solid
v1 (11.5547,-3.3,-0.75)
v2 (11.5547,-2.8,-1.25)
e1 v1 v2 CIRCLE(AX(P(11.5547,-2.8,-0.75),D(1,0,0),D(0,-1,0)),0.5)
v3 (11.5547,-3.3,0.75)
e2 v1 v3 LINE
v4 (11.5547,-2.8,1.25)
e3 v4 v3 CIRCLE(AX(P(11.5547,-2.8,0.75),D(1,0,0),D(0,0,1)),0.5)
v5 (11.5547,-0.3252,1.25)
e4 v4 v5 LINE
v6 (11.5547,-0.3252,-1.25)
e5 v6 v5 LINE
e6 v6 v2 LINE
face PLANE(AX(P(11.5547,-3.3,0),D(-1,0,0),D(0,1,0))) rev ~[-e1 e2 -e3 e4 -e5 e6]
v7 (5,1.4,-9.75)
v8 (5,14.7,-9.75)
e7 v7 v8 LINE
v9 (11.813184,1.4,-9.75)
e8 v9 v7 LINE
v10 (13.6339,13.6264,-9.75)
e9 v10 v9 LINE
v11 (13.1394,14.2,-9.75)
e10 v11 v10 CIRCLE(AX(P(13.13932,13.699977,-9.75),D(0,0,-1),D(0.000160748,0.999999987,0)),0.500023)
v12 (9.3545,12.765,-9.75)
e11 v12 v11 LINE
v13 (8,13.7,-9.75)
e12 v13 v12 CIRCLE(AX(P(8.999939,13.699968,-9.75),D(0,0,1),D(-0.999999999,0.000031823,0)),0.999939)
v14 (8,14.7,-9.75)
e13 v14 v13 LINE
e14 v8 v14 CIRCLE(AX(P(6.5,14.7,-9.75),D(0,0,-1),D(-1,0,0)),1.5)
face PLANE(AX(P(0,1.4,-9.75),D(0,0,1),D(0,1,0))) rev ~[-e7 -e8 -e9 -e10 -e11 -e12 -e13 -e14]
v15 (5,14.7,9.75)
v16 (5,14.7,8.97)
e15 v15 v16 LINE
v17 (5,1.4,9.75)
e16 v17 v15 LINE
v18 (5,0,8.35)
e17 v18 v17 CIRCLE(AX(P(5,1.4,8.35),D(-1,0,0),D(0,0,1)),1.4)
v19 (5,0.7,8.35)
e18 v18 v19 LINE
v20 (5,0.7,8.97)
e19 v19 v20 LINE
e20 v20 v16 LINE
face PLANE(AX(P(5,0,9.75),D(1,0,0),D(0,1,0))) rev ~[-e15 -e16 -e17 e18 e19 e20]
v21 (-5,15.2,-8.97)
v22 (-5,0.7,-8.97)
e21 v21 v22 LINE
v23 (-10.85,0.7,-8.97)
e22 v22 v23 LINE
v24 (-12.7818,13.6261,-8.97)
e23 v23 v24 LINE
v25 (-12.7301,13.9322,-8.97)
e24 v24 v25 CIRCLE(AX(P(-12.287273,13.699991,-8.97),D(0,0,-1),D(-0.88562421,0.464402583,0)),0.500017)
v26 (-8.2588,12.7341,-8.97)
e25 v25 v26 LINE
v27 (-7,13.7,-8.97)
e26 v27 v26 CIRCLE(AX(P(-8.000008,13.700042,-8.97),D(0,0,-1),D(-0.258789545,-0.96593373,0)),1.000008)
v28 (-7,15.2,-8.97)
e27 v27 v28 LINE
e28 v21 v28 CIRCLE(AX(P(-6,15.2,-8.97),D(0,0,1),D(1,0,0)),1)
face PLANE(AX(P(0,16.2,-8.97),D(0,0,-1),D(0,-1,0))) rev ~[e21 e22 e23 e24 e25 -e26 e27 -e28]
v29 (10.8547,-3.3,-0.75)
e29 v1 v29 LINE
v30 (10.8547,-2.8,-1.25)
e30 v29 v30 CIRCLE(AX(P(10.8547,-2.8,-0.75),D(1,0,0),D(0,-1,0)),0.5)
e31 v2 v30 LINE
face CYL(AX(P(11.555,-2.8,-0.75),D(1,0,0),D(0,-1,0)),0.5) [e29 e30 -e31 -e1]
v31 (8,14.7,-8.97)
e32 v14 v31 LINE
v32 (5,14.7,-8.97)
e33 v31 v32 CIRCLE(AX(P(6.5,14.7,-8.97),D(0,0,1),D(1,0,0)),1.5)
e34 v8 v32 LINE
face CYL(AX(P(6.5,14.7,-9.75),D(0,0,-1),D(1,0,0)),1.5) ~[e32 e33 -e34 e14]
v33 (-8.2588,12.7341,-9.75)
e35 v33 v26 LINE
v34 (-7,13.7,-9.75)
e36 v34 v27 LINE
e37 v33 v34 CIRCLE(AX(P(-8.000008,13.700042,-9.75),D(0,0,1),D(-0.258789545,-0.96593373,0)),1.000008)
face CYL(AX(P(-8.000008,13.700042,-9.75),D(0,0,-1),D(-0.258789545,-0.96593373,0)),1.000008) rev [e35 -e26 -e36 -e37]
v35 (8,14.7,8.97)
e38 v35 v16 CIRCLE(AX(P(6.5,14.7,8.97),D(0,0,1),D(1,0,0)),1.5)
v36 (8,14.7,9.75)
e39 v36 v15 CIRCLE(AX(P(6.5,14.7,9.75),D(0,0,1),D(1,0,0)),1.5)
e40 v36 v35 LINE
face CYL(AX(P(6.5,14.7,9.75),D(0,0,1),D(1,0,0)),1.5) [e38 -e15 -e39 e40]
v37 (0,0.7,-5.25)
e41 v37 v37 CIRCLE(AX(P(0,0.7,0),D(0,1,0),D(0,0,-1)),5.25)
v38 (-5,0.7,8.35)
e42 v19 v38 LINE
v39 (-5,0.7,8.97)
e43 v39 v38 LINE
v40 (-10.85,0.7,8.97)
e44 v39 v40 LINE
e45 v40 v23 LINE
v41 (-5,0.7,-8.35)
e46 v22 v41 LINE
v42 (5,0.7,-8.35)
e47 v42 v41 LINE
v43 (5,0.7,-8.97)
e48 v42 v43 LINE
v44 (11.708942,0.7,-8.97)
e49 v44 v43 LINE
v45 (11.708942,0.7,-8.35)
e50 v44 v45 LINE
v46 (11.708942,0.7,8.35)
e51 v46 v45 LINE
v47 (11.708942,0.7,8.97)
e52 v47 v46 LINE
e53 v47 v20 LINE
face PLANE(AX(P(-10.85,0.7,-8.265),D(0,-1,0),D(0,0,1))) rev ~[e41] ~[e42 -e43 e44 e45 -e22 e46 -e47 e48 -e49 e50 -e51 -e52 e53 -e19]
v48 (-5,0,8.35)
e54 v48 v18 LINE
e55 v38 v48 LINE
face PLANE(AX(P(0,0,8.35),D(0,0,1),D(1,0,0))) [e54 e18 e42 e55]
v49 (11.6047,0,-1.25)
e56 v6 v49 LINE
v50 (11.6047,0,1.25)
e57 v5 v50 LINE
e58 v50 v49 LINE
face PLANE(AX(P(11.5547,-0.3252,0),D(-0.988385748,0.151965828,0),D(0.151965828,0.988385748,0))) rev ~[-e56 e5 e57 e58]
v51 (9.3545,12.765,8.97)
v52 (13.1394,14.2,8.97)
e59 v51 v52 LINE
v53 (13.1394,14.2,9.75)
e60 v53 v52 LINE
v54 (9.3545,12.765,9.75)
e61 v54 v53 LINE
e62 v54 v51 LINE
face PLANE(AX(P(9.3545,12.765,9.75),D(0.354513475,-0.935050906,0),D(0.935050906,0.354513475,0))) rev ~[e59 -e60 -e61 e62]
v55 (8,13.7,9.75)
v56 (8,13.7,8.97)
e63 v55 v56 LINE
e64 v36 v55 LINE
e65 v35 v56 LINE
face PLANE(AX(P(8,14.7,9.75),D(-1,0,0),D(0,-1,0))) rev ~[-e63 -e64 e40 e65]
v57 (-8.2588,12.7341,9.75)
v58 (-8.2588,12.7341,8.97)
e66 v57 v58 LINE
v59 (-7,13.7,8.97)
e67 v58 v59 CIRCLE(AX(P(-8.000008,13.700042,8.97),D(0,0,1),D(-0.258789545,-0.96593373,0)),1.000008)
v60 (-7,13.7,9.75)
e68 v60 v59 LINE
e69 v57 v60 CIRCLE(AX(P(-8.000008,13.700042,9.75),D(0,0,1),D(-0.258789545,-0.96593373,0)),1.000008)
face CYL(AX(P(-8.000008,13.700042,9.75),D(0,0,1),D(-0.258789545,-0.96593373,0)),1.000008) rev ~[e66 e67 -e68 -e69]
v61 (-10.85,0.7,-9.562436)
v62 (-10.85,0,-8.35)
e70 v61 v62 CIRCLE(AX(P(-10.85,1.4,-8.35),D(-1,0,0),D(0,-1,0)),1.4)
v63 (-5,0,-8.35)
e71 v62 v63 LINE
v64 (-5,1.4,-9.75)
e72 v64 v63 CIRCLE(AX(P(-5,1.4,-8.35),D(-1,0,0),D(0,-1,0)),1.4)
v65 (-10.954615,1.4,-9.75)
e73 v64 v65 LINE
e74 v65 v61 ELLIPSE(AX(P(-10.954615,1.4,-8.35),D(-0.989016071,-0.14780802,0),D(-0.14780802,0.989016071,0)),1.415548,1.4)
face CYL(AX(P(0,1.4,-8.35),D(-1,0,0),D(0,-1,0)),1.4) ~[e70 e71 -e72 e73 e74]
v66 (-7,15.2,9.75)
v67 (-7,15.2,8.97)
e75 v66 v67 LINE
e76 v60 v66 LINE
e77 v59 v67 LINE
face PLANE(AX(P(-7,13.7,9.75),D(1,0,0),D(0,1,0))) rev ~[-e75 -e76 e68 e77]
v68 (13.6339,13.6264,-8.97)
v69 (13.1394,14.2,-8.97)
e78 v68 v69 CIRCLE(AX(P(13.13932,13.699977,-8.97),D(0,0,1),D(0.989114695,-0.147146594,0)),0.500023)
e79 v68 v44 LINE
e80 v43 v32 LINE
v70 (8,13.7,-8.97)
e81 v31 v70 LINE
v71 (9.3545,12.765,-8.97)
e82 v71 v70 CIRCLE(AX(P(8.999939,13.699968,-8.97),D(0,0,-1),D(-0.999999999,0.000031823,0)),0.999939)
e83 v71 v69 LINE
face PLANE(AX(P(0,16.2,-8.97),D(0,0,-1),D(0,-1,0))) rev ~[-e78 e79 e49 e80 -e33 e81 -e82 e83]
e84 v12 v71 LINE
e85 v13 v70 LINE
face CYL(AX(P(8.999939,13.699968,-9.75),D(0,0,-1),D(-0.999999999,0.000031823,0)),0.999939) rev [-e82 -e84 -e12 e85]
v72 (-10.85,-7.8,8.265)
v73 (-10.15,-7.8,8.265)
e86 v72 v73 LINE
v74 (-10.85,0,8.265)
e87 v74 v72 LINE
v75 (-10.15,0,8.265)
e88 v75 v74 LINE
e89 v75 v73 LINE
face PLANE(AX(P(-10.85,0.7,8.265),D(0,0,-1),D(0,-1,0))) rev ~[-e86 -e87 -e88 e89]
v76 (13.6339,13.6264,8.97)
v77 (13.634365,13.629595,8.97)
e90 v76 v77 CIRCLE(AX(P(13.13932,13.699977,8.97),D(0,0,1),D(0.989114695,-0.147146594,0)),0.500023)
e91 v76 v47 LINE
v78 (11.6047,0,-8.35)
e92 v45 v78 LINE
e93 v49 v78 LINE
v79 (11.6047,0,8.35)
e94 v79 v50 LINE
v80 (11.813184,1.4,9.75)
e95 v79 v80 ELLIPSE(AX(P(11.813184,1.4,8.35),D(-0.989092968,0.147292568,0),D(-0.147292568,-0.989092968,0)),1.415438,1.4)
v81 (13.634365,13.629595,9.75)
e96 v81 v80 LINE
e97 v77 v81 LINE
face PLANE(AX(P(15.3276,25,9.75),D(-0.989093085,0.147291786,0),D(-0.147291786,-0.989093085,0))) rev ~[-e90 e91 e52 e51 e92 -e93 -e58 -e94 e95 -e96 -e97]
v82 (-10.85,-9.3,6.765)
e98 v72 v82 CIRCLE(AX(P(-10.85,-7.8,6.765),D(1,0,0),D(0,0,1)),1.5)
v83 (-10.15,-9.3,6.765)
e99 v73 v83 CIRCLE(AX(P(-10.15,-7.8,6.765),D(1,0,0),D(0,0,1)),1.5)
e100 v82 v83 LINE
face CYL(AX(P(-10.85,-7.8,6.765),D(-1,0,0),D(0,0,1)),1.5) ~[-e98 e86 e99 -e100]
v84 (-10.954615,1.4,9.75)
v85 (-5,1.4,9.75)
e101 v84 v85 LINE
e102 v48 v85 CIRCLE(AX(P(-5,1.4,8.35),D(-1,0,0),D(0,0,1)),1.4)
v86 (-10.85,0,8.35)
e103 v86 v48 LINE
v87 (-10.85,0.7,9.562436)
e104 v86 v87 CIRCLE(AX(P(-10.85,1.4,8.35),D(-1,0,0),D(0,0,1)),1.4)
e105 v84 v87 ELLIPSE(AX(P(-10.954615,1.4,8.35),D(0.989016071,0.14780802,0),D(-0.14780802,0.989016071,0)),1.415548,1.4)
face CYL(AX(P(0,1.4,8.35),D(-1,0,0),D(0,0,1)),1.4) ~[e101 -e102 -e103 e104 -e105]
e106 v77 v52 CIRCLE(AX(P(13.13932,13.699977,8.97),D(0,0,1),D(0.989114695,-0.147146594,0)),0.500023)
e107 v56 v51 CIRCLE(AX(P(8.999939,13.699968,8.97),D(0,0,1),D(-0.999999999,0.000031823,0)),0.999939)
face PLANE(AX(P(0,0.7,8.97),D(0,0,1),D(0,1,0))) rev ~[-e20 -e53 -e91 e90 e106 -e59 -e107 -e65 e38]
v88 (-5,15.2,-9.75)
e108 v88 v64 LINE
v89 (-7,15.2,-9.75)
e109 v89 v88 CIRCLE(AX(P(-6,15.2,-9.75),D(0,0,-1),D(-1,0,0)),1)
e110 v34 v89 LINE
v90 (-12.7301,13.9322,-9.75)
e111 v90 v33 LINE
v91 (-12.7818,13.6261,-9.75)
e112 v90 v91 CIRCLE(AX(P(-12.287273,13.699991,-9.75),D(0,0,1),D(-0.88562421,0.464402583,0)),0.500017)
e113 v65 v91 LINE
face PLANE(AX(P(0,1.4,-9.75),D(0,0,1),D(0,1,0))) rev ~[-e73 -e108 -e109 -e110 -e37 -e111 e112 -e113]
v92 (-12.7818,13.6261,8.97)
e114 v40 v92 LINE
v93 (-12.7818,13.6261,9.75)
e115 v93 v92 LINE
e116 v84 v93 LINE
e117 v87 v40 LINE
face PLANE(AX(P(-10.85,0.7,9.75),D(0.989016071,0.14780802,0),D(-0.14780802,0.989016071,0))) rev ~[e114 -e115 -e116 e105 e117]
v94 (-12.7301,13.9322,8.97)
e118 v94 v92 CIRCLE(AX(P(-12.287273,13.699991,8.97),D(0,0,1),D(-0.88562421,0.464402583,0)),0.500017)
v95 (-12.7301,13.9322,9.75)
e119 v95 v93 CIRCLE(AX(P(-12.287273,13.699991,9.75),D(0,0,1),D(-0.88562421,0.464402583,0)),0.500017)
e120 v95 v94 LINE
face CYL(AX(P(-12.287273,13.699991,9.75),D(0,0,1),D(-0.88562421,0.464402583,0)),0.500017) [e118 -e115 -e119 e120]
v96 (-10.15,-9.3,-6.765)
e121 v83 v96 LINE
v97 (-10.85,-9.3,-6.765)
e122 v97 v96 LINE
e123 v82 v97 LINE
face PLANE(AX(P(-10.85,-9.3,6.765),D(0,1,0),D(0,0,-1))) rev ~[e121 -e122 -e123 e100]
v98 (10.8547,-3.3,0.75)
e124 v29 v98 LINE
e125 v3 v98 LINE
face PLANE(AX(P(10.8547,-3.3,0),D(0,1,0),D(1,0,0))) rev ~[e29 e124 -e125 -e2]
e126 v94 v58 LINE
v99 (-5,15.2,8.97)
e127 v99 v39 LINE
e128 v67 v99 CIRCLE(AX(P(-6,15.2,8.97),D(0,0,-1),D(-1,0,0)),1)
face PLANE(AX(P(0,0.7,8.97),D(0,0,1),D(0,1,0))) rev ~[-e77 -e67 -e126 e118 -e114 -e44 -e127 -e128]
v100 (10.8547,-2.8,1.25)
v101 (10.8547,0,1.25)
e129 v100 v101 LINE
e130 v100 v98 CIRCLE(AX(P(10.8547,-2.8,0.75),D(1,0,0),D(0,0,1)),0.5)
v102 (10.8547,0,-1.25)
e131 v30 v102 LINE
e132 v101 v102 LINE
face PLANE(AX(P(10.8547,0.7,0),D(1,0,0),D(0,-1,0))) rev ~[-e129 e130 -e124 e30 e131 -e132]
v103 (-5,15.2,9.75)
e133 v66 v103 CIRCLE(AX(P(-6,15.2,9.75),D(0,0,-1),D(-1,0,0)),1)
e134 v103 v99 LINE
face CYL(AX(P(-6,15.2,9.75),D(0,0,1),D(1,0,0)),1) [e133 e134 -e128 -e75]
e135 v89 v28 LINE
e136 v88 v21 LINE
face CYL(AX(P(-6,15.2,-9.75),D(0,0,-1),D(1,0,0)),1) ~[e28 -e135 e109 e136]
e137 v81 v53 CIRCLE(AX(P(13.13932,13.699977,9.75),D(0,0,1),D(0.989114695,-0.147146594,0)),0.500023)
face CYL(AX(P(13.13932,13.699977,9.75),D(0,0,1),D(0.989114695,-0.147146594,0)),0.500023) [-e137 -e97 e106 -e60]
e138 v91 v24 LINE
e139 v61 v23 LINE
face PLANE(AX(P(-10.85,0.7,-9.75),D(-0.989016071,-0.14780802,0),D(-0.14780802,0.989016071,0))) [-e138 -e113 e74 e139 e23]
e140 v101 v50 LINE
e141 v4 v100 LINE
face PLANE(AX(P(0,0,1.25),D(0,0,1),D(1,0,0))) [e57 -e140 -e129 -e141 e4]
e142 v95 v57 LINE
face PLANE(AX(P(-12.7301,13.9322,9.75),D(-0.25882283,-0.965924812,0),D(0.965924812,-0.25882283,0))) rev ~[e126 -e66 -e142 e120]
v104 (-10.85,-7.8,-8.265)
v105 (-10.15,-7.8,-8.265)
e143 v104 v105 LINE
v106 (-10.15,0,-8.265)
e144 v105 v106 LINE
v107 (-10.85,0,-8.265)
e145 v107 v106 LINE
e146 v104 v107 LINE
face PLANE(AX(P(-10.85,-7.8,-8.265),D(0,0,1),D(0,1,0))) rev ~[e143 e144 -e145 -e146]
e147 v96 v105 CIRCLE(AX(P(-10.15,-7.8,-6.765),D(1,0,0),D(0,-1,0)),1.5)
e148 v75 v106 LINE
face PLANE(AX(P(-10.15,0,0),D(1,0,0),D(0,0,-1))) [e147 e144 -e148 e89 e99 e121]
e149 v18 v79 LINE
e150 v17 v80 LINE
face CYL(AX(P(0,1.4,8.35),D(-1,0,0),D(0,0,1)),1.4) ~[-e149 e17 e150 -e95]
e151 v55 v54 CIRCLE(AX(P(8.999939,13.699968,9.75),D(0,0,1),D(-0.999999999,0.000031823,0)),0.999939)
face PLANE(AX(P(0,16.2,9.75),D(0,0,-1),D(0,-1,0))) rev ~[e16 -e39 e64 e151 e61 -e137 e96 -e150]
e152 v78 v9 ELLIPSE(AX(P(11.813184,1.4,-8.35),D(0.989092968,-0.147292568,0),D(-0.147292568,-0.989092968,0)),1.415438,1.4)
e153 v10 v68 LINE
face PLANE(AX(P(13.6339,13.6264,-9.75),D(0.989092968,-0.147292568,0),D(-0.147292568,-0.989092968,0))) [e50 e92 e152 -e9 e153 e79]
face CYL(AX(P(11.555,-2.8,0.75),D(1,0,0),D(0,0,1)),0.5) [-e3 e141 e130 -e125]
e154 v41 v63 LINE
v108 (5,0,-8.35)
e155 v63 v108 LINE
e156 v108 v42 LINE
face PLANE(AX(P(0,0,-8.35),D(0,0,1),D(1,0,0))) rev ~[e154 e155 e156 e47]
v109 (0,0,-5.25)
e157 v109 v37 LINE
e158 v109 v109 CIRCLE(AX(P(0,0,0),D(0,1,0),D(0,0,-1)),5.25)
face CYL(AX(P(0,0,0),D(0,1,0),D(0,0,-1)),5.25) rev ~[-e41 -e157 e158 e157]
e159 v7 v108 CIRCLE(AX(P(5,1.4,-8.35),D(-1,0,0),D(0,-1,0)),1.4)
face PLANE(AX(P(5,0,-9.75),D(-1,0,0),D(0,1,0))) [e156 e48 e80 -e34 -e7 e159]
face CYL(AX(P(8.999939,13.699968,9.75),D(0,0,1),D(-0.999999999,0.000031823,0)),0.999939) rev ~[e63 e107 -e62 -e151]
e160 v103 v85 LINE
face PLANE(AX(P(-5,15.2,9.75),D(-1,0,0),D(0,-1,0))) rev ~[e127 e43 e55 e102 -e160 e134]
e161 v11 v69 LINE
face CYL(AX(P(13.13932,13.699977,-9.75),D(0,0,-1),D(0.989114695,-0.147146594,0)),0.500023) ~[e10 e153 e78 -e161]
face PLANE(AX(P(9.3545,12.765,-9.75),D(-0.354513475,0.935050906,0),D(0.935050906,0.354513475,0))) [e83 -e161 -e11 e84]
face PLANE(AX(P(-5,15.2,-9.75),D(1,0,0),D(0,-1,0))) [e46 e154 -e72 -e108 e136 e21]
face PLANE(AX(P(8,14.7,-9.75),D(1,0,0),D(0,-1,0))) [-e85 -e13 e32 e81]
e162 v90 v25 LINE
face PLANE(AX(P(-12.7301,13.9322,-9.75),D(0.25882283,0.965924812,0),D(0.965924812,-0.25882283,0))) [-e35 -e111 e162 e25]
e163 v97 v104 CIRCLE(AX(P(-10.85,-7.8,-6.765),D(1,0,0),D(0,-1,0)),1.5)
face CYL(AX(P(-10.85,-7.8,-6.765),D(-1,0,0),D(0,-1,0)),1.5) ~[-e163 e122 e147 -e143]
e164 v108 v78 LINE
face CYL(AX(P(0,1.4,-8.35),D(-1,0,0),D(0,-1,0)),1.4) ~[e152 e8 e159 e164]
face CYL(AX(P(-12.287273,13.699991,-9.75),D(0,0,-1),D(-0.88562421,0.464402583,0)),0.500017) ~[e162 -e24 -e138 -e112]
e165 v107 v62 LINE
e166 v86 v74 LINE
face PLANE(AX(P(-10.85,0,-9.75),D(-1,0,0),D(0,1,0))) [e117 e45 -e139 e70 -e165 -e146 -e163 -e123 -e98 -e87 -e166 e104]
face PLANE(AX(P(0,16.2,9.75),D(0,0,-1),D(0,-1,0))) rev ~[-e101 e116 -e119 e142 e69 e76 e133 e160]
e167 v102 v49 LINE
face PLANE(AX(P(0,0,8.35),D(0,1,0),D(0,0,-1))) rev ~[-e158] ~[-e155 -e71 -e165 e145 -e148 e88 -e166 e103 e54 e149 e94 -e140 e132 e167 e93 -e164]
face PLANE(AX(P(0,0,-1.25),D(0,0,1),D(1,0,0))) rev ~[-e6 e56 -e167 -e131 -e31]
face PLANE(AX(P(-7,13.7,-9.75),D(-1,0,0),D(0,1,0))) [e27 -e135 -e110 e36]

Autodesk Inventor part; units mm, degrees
sketch "Sketch_1" plane through (0, 0, 0) normal (1, 0, 0) x (0, 1, 0)
  arc A0 (1.4, 9.75) -> (0, 8.35) centre (1.4, 8.35) ccw
  line L0 (0, 8.35) -> (0, -8.35)
  arc A1 (0, -8.35) -> (1.4, -9.75) centre (1.4, -8.35) ccw
  line L1 (1.4, -9.75) -> (16.2, -9.75)
  line L2 (16.2, -9.75) -> (16.2, -8.97)
  line L3 (16.2, -8.97) -> (0.7, -8.97)
  line L4 (0.7, -8.97) -> (0.7, 8.97)
  line L5 (0.7, 8.97) -> (16.2, 8.97)
  line L6 (16.2, 8.97) -> (16.2, 9.75)
  line L7 (16.2, 9.75) -> (1.4, 9.75)
extrude "Extrusion1" add sketch "Sketch_1" along normal mid plane 29.8667
sketch "Sketch_3" plane through (0, 0, 9.75) normal (0, 0, 1) x (1, 0, 0)
  line L0 (-22, 25) -> (-22, 0)
  line L1 (-22, 0) -> (-10.85, 0)
  line L2 (-10.85, 0) -> (-10.85, 0.7)
  line L3 (-10.85, 0.7) -> (-12.7818, 13.6261)
  arc A0 (-12.7301, 13.9322) -> (-12.7818, 13.6261) centre (-12.2873, 13.7) ccw
  line L4 (-12.7301, 13.9322) -> (-8.2588, 12.7341)
  arc A1 (-8.2588, 12.7341) -> (-7, 13.7) centre (-8, 13.7) ccw
  line L5 (-7, 13.7) -> (-7, 15.2)
  arc A2 (-5, 15.2) -> (-7, 15.2) centre (-6, 15.2) ccw
  line L6 (-5, 15.2) -> (-5, 0)
  line L7 (-5, 0) -> (5, 0)
  line L8 (5, 0) -> (5, 14.7)
  arc A3 (8, 14.7) -> (5, 14.7) centre (6.5, 14.7) ccw
  line L9 (8, 14.7) -> (8, 13.7)
  arc A4 (8, 13.7) -> (9.3545, 12.765) centre (9, 13.7) ccw
  line L10 (9.3545, 12.765) -> (13.1394, 14.2)
  arc A5 (13.6339, 13.6264) -> (13.1394, 14.2) centre (13.1394, 13.7) ccw
  line L11 (13.6339, 13.6264) -> (11.6047, 0)
  line L12 (11.6047, 0) -> (22, 0)
  line L13 (22, 0) -> (22, 25)
  line L14 (22, 25) -> (-22, 25)
extrude "Extrusion2" cut sketch "Sketch_3" against normal blind 1.4
sketch "Sketch_2" plane through (0, 0, -9.75) normal (0, 0, 1) x (1, 0, 0)
  line L0 (-22, 25) -> (-22, 0)
  line L1 (-22, 0) -> (-10.85, 0)
  line L2 (-10.85, 0) -> (-10.85, 0.7)
  line L3 (-10.85, 0.7) -> (-12.7818, 13.6261)
  arc A0 (-12.7301, 13.9322) -> (-12.7818, 13.6261) centre (-12.2873, 13.7) ccw
  line L4 (-12.7301, 13.9322) -> (-8.2588, 12.7341)
  arc A1 (-8.2588, 12.7341) -> (-7, 13.7) centre (-8, 13.7) ccw
  line L5 (-7, 13.7) -> (-7, 15.2)
  arc A2 (-5, 15.2) -> (-7, 15.2) centre (-6, 15.2) ccw
  line L6 (-5, 15.2) -> (-5, 0)
  line L7 (-5, 0) -> (5, 0)
  line L8 (5, 0) -> (5, 14.7)
  arc A3 (8, 14.7) -> (5, 14.7) centre (6.5, 14.7) ccw
  line L9 (8, 14.7) -> (8, 13.7)
  arc A4 (8, 13.7) -> (9.3545, 12.765) centre (9, 13.7) ccw
  line L10 (9.3545, 12.765) -> (13.1394, 14.2)
  arc A5 (13.6339, 13.6264) -> (13.1394, 14.2) centre (13.1394, 13.7) ccw
  line L11 (13.6339, 13.6264) -> (11.6047, 0)
  line L12 (11.6047, 0) -> (22, 0)
  line L13 (22, 0) -> (22, 25)
  line L14 (22, 25) -> (-22, 25)
extrude "Extrusion3" cut sketch "Sketch_2" along normal blind 1.4
sketch "Sketch4" plane through (-5, 0, 8.35) normal (0, -1, 0) x (1, 0, 0)
  point P0 (5, -8.35)
hole "Hole1" at (0, 0, 0) direction (0, 1, 0) diameter 10.5 depth 1
sketch "Sketch_5" plane through (0, 0, 0) normal (0, 0, 1) x (1, 0, 0)
  line L0 (-15.85, 1) -> (-15.85, -1)
  line L1 (-15.85, -1) -> (15.62, -1)
  line L2 (15.62, -1) -> (15.62, 1)
  line L3 (15.62, 1) -> (12.12, 1)
  line L4 (12.12, 1) -> (12.12, 0)
  line L5 (12.12, 0) -> (-10.85, 0)
  line L6 (-10.85, 0) -> (-10.85, 1)
  line L7 (-10.85, 1) -> (-15.85, 1)
extrude "Extrusion4" cut sketch "Sketch_5" along normal mid plane 16.7
sketch "Sketch_9" plane through (0, 0, 9.75) normal (0, 0, 1) x (1, 0, 0)
  line L0 (11.6047, 0) -> (22, 0)
  line L1 (22, 0) -> (22, 25)
  line L2 (22, 25) -> (15.3276, 25)
  line L3 (15.3276, 25) -> (11.6047, 0)
extrude "Extrusion5" cut sketch "Sketch_9" against normal blind 19.5
sketch "Sketch_6" plane through (-10.85, 0, 0) normal (1, 0, 0) x (0, 0, -1)
  arc A0 (-8.265, -7.8) -> (-6.765, -9.3) centre (-6.765, -7.8) ccw
  line L0 (-6.765, -9.3) -> (6.765, -9.3)
  arc A1 (6.765, -9.3) -> (8.265, -7.8) centre (6.765, -7.8) ccw
  line L1 (8.265, -7.8) -> (8.265, 0.7)
  line L2 (8.265, 0.7) -> (-8.265, 0.7)
  line L3 (-8.265, 0.7) -> (-8.265, -7.8)
extrude "Extrusion6" add sketch "Sketch_6" along normal blind 0.7
sketch "Sketch_7" plane through (0, 0, 0) normal (0, 0, 1) x (1, 0, 0)
  line L0 (10.8547, -3.3) -> (11.5547, -3.3)
  line L1 (11.5547, -3.3) -> (11.5547, -0.3252)
  line L2 (11.5547, -0.3252) -> (11.6047, 0)
  line L3 (11.6047, 0) -> (11.6047, 0.7)
  line L4 (11.6047, 0.7) -> (10.8547, 0.7)
  line L5 (10.8547, 0.7) -> (10.8547, -3.3)
extrude "Extrusion7" add sketch "Sketch_7" along normal mid plane 2.5
sketch "Sketch_8" plane through (11.555, 0, 0) normal (1, 0, 0) x (0, 0, -1)
  line L0 (-1.5, -0.5) -> (-1.5, -4.5)
  line L1 (-1.5, -4.5) -> (1.5, -4.5)
  line L2 (1.5, -4.5) -> (1.5, -0.5)
  line L3 (1.5, -0.5) -> (1.25, -0.5)
  line L4 (1.25, -0.5) -> (1.25, -2.8)
  arc A0 (0.75, -3.3) -> (1.25, -2.8) centre (0.75, -2.8) ccw
  line L5 (0.75, -3.3) -> (-0.75, -3.3)
  arc A1 (-1.25, -2.8) -> (-0.75, -3.3) centre (-0.75, -2.8) ccw
  line L6 (-1.25, -2.8) -> (-1.25, -0.5)
  line L7 (-1.25, -0.5) -> (-1.5, -0.5)
extrude "Extrusion8" cut sketch "Sketch_8" against normal blind 0.78
ref_plane "washer_to_base_XY" through (0, -0.48, 0) normal (0, 1, 0) x (1, 0, 0)
ref_plane "washer_to_base_YZ" through (0, -0.48, 0) normal (1, 0, 0) x (0, 0, -1)
ref_plane "washer_to_base_ZX" through (0, -0.48, 0) normal (0, 0, -1) x (0, 1, 0)
ref_plane "washer_to_insert_XY" through (0, 0.7, 0) normal (0, 1, 0) x (1, 0, 0)
ref_plane "washer_to_insert_YZ" through (0, 0.7, 0) normal (1, 0, 0) x (0, 0, -1)
ref_plane "washer_to_insert_ZX" through (0, 0.7, 0) normal (0, 0, -1) x (0, 1, 0)
properties part number "lock_washer_na"
